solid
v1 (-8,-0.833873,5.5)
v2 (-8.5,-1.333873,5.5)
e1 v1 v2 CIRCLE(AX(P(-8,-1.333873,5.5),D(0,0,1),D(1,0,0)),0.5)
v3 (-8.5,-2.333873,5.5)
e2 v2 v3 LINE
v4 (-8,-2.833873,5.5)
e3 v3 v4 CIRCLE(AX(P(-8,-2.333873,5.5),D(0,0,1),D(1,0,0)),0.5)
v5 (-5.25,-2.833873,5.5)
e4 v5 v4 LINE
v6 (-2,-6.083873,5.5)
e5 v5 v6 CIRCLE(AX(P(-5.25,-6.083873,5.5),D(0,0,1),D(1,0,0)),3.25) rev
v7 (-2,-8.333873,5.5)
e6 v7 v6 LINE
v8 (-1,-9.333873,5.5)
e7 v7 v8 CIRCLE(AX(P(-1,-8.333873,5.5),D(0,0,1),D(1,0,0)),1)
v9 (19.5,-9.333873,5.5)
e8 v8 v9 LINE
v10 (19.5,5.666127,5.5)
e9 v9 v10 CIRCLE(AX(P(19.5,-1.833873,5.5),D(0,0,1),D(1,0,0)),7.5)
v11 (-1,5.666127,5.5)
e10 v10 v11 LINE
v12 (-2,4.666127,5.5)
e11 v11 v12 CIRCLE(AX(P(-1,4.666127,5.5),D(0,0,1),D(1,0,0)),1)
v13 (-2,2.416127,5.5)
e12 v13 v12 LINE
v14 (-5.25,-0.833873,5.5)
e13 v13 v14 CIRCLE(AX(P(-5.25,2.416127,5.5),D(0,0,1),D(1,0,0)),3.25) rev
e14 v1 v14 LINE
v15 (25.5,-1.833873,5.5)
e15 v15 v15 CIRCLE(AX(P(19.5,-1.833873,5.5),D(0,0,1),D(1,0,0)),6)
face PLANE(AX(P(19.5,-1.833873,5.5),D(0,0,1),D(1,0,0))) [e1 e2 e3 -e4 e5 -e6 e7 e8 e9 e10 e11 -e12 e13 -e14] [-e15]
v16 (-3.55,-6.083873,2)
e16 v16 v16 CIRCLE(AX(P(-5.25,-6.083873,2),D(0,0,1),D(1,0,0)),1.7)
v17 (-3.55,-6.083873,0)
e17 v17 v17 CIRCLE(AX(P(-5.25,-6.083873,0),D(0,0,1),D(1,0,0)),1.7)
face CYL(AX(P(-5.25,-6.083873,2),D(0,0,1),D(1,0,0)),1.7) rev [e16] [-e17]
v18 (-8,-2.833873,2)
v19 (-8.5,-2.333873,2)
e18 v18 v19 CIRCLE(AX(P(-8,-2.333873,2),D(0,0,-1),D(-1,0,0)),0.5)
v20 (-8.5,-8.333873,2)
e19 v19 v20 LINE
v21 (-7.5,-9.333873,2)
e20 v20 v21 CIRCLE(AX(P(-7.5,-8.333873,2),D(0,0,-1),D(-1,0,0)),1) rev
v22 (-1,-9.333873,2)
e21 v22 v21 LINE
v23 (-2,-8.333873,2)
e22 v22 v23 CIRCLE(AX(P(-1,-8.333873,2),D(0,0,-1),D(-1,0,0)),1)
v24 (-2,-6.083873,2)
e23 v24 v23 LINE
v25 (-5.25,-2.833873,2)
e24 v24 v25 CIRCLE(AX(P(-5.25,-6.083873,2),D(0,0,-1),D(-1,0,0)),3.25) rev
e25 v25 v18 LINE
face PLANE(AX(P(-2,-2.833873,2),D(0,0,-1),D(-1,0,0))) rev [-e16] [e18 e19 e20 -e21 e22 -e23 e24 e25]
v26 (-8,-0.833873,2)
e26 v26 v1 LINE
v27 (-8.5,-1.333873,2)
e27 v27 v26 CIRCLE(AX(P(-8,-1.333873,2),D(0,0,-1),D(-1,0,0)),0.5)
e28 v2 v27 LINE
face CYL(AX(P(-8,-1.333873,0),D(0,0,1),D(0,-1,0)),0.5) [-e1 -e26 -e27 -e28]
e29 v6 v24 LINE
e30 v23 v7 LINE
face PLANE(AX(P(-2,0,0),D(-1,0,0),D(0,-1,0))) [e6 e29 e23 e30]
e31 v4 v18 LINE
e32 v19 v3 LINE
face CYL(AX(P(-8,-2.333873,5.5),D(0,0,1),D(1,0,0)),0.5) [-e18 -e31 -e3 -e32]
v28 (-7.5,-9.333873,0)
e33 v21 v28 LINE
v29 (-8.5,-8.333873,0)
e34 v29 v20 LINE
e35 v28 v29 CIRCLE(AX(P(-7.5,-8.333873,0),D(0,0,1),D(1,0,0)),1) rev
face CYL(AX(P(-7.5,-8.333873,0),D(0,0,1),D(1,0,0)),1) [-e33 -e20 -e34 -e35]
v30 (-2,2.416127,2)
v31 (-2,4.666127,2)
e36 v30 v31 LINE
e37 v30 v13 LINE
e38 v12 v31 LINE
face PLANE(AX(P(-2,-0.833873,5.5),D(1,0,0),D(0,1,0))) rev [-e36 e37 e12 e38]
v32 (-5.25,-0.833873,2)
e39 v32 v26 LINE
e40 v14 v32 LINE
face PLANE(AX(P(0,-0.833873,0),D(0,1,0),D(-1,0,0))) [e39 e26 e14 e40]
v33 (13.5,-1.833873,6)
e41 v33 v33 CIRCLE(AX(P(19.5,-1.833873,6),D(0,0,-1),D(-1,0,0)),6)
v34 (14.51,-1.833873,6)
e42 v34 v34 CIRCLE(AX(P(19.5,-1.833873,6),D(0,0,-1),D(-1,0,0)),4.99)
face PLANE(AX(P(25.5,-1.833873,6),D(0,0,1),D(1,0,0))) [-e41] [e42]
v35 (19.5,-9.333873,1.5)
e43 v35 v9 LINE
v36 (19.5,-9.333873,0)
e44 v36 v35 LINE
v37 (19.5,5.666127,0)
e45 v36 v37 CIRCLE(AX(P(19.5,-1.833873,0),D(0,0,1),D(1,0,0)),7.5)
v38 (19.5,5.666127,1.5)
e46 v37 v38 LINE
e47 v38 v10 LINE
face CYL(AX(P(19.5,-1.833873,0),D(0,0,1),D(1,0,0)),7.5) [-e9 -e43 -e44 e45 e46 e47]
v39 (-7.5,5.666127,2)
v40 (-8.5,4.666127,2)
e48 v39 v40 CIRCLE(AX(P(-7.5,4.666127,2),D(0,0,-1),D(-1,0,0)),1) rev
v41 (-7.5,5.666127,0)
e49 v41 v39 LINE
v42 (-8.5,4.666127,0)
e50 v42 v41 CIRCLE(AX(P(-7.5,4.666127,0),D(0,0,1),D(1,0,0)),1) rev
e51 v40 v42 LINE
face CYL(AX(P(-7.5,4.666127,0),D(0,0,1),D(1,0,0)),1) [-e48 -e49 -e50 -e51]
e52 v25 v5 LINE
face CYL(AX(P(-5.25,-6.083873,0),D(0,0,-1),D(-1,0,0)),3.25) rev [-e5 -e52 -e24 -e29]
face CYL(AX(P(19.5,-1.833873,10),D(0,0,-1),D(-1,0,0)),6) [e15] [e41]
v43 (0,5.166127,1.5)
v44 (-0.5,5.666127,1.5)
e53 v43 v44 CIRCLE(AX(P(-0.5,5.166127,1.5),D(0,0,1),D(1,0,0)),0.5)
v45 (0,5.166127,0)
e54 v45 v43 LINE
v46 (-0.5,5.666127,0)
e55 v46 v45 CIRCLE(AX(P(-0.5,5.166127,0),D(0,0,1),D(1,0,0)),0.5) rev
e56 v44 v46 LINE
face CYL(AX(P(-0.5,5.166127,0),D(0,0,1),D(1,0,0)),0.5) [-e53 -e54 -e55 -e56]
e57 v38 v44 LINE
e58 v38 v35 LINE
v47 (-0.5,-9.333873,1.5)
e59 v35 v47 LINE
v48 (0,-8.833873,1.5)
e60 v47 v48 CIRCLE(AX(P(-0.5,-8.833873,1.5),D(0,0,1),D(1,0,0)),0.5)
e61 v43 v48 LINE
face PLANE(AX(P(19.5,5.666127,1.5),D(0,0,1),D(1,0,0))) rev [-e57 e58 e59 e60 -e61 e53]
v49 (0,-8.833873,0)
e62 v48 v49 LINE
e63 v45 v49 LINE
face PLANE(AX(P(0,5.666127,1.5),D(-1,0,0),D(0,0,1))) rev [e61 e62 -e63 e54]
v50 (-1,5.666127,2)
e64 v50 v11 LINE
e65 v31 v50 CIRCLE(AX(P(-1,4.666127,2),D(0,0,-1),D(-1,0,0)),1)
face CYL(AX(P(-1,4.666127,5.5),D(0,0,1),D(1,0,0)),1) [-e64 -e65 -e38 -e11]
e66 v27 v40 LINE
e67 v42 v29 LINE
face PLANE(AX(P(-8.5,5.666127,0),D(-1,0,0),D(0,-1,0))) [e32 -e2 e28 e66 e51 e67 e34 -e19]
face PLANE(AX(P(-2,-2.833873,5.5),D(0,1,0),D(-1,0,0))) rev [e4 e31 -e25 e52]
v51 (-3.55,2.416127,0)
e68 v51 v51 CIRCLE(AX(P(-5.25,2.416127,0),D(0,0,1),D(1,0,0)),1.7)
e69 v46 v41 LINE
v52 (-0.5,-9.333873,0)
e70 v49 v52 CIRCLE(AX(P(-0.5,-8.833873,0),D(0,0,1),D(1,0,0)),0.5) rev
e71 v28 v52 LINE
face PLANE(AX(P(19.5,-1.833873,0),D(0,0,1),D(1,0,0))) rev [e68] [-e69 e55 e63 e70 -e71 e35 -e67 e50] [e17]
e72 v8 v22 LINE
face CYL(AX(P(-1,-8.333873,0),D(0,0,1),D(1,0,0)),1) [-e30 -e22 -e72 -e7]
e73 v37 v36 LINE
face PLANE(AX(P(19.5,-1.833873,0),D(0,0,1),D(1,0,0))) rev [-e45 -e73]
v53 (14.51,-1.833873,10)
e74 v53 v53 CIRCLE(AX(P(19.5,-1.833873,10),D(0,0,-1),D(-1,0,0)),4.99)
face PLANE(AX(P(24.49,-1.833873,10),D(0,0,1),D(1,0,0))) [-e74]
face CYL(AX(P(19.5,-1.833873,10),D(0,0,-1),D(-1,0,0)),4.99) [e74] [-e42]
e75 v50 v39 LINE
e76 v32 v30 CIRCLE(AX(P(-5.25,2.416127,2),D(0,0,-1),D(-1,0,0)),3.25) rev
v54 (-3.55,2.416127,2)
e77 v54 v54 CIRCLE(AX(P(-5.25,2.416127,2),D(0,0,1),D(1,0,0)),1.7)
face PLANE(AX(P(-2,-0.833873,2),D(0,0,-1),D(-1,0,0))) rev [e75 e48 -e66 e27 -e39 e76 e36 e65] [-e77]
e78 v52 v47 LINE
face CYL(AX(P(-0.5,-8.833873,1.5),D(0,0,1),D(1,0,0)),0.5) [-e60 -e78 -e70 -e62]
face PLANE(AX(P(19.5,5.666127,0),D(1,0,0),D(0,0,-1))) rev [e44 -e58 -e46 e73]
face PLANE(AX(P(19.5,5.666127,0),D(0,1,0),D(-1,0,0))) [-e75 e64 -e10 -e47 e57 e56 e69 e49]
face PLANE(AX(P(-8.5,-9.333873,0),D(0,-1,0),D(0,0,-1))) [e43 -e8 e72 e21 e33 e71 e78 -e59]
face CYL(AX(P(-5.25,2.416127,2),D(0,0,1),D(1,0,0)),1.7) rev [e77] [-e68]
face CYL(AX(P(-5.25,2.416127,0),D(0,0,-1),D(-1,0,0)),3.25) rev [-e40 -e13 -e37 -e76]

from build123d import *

# Parameters (mm, degrees)
EXTRUDE_1_DEPTH         = 5.5
SKETCH_2_W              = 19.5
SKETCH_2_H              = 1.5
CUT_EXTRUDE_1_DEPTH     = 32.372758884
SKETCH_3_W              = 6.5
SKETCH_3_H              = 3.5
CUT_EXTRUDE_2_DEPTH     = 6.5
SKETCH_4_W              = 3.5
SKETCH_4_H              = 6.5
CUT_EXTRUDE_3_DEPTH     = 6.5
HOLE_WIZARD_3_4_3_4_1_D = 3.4
FILLET_1_R              = 0.5
FILLET_2_R              = 1
FILLET_3_R              = 3.25


with BuildPart() as part:
    # 草图1 → 凸台-拉伸1 (new body)
    with BuildSketch(Plane.XY.offset(5.5)):
        with BuildLine():
            Line((19.5, 5.666127278), (-8.5, 5.666127278))
            Line((-8.5, 5.666127278), (-8.5, -9.333872722))
            Line((-8.5, -9.333872722), (19.5, -9.333872722))
            ThreePointArc((19.5, -9.333872722), (27, -1.833872722), (19.5, 5.666127278))
        make_face()
    extrude(amount=-EXTRUDE_1_DEPTH)

    # 草图2 → 切除-拉伸1 (cut, through all)
    with BuildSketch(Plane.XZ.offset(9.333872722)):
        with Locations((9.75, 0.75)):
            Rectangle(SKETCH_2_W, SKETCH_2_H)
    extrude(amount=-CUT_EXTRUDE_1_DEPTH, mode=Mode.SUBTRACT)

    # 草图3 → 切除-拉伸2 (cut)
    with BuildSketch(Plane(origin=(0, 5.666127278, 0), x_dir=(-1, 0, 0), z_dir=(0, 1, 0))):
        with Locations((5.25, 3.75)):
            Rectangle(SKETCH_3_W, SKETCH_3_H)
    extrude(amount=-CUT_EXTRUDE_2_DEPTH, mode=Mode.SUBTRACT)

    # 草图4 → 切除-拉伸3 (cut)
    with BuildSketch(Plane.ZY.offset(8.5)):
        with Locations((3.75, -6.083872722)):
            Rectangle(SKETCH_4_W, SKETCH_4_H)
    extrude(amount=-CUT_EXTRUDE_3_DEPTH, mode=Mode.SUBTRACT)

    # 草图5 → 旋转1 (revolve)
    with BuildSketch(Plane.XZ.offset(1.833872722), mode=Mode.PRIVATE) as revolve_1_sk:
        Polygon((24.49, 10), (19.5, 10), (19.5, 5.5), (25.5, 5.5), (25.5, 6), (24.49, 6), align=None)
    revolve(revolve_1_sk.sketch.rotate(Axis((19.5, -1.833872722, 10), (0, 0, -1)), 180), axis=Axis((19.5, -1.833872722, 10), (0, 0, -1)))

    # Ø3.4 (3.4) 直径孔1 (through all)
    with Locations(Plane.XY.offset(2)):
        with Locations((-5.25, 2.416127278), (-5.25, -6.083872722)):
            Hole(HOLE_WIZARD_3_4_3_4_1_D / 2)

    # 圆角1
    fillet_1_edges = [part.edges().sort_by_distance(p)[0] for p in [
        (0, 5.666127278, 0.75),
        (0, -9.333872722, 0.75),
        (-8.5, -0.833872722, 3.75),
        (-8.5, -2.833872722, 3.75),
    ]]
    fillet(fillet_1_edges, radius=FILLET_1_R)

    # 圆角2
    fillet_2_edges = [part.edges().sort_by_distance(p)[0] for p in [
        (-2, 5.666127278, 3.75),
        (-2, -9.333872722, 3.75),
        (-8.5, -9.333872722, 1),
        (-8.5, 5.666127278, 1),
    ]]
    fillet(fillet_2_edges, radius=FILLET_2_R)

    # 圆角3
    fillet_3_edges = [part.edges().sort_by_distance(p)[0] for p in [
        (-2, -0.833872722, 3.75),
        (-2, -2.833872722, 3.75),
    ]]
    fillet(fillet_3_edges, radius=FILLET_3_R)


solid = part.part
